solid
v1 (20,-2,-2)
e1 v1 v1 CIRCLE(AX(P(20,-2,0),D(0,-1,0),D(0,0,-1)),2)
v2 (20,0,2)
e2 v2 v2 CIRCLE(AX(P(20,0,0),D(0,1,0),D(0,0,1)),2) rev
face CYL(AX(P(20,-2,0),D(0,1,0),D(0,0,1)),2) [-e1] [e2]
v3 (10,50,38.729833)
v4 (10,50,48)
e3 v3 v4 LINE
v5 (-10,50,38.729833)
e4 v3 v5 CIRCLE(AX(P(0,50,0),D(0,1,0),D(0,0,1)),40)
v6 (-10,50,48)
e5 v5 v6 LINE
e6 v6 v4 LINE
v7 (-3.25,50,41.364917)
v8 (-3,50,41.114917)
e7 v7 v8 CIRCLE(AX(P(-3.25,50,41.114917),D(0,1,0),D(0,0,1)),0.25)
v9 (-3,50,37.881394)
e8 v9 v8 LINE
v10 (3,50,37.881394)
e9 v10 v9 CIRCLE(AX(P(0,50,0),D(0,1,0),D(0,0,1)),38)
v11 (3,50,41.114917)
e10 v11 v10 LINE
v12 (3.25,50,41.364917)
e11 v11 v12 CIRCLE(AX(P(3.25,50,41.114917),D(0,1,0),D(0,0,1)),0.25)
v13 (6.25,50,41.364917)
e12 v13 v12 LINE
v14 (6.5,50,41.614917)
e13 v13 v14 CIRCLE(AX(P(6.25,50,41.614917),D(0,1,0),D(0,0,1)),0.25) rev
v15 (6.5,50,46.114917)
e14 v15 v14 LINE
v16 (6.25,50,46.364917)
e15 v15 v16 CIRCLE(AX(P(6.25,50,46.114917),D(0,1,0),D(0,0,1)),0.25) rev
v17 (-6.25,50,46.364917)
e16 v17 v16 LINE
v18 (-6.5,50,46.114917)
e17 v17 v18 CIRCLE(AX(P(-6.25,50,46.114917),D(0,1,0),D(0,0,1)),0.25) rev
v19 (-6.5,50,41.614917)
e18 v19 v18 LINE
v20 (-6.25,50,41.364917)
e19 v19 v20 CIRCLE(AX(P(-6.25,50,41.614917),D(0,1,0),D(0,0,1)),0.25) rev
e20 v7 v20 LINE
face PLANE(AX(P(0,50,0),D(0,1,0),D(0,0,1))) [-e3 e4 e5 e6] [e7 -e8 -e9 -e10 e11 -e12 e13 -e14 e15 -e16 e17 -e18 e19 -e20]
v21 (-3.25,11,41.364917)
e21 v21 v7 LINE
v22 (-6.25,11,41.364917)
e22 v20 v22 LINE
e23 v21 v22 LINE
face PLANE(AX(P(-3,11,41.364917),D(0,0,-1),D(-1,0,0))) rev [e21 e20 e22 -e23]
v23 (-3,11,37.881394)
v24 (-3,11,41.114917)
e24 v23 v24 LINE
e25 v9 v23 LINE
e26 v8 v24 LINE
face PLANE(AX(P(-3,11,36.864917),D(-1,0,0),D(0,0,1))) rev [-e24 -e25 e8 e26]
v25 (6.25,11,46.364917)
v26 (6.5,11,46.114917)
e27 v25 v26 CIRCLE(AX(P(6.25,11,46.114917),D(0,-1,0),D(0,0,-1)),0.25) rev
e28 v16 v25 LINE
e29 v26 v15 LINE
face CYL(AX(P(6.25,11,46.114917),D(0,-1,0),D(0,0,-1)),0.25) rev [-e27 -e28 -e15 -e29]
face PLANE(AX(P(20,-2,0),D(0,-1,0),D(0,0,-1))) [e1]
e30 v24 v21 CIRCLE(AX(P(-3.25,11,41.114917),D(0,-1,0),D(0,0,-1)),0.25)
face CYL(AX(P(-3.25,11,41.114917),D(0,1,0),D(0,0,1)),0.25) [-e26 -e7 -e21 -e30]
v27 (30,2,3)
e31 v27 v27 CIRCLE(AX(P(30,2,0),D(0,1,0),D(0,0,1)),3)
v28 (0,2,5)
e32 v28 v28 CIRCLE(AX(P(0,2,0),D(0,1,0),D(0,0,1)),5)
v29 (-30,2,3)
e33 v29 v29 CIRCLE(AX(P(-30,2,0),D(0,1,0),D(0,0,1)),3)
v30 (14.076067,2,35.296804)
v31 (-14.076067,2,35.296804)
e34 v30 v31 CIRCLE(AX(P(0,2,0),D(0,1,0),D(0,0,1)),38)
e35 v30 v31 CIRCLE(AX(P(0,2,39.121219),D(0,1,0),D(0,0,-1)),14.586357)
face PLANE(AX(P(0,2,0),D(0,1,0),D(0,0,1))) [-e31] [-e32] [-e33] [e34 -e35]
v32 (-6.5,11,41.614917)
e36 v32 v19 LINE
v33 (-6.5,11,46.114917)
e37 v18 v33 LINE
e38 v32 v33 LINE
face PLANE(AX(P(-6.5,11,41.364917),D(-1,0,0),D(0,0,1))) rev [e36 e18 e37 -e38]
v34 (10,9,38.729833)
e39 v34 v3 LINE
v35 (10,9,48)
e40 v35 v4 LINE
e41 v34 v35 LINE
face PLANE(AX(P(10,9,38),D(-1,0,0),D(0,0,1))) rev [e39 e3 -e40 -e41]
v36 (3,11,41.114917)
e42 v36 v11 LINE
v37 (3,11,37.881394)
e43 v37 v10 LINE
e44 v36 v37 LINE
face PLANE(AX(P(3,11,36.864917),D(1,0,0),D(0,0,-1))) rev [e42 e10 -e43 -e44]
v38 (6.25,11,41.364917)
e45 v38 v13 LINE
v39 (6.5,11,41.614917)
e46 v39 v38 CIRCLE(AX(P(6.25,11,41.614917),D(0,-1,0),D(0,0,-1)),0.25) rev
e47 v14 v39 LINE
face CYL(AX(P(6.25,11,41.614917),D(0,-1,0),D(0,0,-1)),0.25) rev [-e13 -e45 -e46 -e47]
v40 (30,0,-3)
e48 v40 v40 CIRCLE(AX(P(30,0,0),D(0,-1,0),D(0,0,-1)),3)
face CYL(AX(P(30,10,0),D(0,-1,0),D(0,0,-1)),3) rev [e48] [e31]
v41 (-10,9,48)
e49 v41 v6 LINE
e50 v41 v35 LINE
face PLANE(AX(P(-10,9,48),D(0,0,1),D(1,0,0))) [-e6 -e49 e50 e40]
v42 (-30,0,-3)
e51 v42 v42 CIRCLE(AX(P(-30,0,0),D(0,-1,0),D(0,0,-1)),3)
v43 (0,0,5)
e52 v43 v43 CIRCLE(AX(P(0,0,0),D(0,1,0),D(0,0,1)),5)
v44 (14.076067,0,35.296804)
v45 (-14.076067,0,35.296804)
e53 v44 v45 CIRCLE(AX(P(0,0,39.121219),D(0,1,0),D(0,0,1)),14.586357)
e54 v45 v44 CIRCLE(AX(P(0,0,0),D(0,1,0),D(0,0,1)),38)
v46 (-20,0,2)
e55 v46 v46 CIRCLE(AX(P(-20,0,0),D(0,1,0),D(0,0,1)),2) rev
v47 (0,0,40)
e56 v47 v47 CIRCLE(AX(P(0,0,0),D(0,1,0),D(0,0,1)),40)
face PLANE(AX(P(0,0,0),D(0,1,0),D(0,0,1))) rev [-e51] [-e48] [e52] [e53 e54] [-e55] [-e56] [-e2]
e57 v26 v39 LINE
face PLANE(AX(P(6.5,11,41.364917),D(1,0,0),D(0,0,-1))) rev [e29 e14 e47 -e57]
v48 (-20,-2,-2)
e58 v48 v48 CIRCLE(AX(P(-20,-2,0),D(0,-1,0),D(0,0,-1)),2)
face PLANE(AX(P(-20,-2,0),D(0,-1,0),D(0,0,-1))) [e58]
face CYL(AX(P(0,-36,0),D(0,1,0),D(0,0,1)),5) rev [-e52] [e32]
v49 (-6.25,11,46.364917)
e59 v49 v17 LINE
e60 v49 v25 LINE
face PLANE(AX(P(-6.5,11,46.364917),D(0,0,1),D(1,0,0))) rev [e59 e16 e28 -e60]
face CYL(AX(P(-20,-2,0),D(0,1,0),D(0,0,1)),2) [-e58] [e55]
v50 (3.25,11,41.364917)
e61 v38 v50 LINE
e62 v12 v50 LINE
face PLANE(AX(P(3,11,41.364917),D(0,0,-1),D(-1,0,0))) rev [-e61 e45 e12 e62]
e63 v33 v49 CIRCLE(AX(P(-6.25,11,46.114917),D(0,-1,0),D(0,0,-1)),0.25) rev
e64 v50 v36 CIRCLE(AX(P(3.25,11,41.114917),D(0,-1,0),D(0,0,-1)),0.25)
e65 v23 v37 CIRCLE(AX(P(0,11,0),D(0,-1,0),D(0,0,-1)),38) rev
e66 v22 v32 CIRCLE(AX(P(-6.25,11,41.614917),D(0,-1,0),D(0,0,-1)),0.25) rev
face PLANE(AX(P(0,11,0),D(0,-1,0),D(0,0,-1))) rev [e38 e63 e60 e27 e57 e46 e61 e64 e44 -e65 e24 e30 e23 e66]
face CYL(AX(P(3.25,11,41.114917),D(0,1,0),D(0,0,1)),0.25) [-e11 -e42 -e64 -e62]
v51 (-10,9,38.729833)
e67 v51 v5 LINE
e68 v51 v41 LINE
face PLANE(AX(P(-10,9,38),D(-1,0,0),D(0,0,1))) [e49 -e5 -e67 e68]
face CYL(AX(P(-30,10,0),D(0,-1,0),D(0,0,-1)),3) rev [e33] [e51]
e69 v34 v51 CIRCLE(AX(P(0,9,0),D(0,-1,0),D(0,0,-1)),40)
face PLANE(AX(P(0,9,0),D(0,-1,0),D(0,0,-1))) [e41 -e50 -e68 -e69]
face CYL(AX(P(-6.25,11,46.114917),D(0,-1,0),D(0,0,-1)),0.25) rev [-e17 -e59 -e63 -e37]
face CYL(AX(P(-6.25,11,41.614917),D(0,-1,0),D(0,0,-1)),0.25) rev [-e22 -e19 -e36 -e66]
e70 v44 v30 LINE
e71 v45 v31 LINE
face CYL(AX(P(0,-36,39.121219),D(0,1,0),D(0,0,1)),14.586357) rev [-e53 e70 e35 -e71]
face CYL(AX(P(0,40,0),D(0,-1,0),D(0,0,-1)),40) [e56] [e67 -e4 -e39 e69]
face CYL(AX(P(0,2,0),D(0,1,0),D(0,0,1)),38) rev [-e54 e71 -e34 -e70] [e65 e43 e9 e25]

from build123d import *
from build123d.topology import SkipClean

# Parameters (mm, degrees)
SKETCH1_R           = 40
BOSS_EXTRUDE1_DEPTH = 40
SKETCH2_R           = 38
CUT_EXTRUDE1_DEPTH  = 38
CUT_EXTRUDE2_DEPTH  = 38
SKETCH4_R           = 5
CUT_EXTRUDE3_DEPTH  = 38
SKETCH6_R           = 2
BOSS_EXTRUDE2_DEPTH = 2
BOSS_EXTRUDE3_START = 10
SKETCH9_R           = 40
SKETCH9_R_2         = 38
BOSS_EXTRUDE3_DEPTH = 10
BOSS_EXTRUDE4_DEPTH = 41
CUT_EXTRUDE4_DEPTH  = 39
FILLET1_R           = 0.25
SKETCH13_R          = 3
CUT_EXTRUDE5_DEPTH  = 10


with BuildPart() as part:
    # Sketch1 → Boss-Extrude1 (new body)
    with BuildSketch(Plane(origin=(0, 0, 0), x_dir=(1, 0, 0), z_dir=(0, 1, 0))):
        with Locations(Location((0, 0, 0), (0, 0, 270))):
            Circle(SKETCH1_R)
    extrude(amount=BOSS_EXTRUDE1_DEPTH)

    # Sketch2 → Cut-Extrude1 (cut)
    with BuildSketch(Plane(origin=(0, 40, 0), x_dir=(1, 0, 0), z_dir=(0, 1, 0))):
        with Locations(Location((0, 0, 0), (0, 0, 270))):
            Circle(SKETCH2_R)
    extrude(amount=-CUT_EXTRUDE1_DEPTH, mode=Mode.SUBTRACT)

    # Sketch3 → Cut-Extrude2 (cut)
    with SkipClean():  # the faces are left unmerged after this step: merging them gives an invalid solid
        with BuildSketch(Plane(origin=(0, 2, 0), x_dir=(1, 0, 0), z_dir=(0, 1, 0))):
            with BuildLine():
                ThreePointArc((-14.076066703, -35.296803626), (0, -24.534862453), (14.076066703, -35.296803626))
                ThreePointArc((14.076066703, -35.296803626), (0, -38), (-14.076066703, -35.296803626))
            make_face()
        extrude(amount=-CUT_EXTRUDE2_DEPTH, mode=Mode.SUBTRACT)

    # Sketch4 → Cut-Extrude3 (cut)
    with SkipClean():  # the faces are left unmerged after this step: merging them gives an invalid solid
        with BuildSketch(Plane(origin=(0, 2, 0), x_dir=(1, 0, 0), z_dir=(0, 1, 0))):
            with Locations(Location((0, 0, 0), (0, 0, 270))):
                Circle(SKETCH4_R)
        extrude(amount=-CUT_EXTRUDE3_DEPTH, mode=Mode.SUBTRACT)

    # Sketch6 → Boss-Extrude2 (add)
    with SkipClean():  # the faces are left unmerged after this step: merging them gives an invalid solid
        with BuildSketch(Plane.XZ):
            with Locations(Location((-20, 0, 0), (0, 0, 90))):
                Circle(SKETCH6_R)
            with Locations(Location((20, 0, 0), (0, 0, 90))):
                Circle(SKETCH6_R)
        extrude(amount=BOSS_EXTRUDE2_DEPTH)

    # Sketch9 → Boss-Extrude3 (add)
    with SkipClean():  # the faces are left unmerged after this step: merging them gives an invalid solid
        with BuildSketch(Plane(origin=(0, 40, 0), x_dir=(1, 0, 0), z_dir=(0, 1, 0)).offset(BOSS_EXTRUDE3_START)):
            with Locations(Location((0, 0, 0), (0, 0, 270))):
                Circle(SKETCH9_R)
            with Locations(Location((0, 0, 0), (0, 0, 270))):
                Circle(SKETCH9_R_2, mode=Mode.SUBTRACT)
        extrude(amount=-BOSS_EXTRUDE3_DEPTH)

    # Sketch10 → Boss-Extrude4 (add)
    with SkipClean():  # the faces are left unmerged after this step: merging them gives an invalid solid
        with BuildSketch(Plane(origin=(0, 50, 0), x_dir=(1, 0, 0), z_dir=(0, 1, 0))):
            Polygon((0, -38), (10, -38), (10, -48), (-10, -48), (-10, -38), align=None)
        extrude(amount=-BOSS_EXTRUDE4_DEPTH)

    # Sketch11 → Cut-Extrude4 (cut)
    with SkipClean():  # the faces are left unmerged after this step: merging them gives an invalid solid
        with BuildSketch(Plane(origin=(0, 50, 0), x_dir=(1, 0, 0), z_dir=(0, 1, 0))):
            Polygon((-3, -36.864916731), (3, -36.864916731), (3, -41.364916731), (6.5, -41.364916731), (6.5, -46.364916731), (-6.5, -46.364916731), (-6.5, -41.364916731), (-3, -41.364916731), align=None)
        extrude(amount=-CUT_EXTRUDE4_DEPTH, mode=Mode.SUBTRACT)

    # Fillet1
    fillet1_edges = [part.edges().sort_by_distance(p)[0] for p in [
        (-3, 30.5, 41.364916731),
        (6.5, 30.5, 46.364916731),
        (-6.5, 30.5, 46.364916731),
        (-6.5, 30.5, 41.364916731),
        (3, 30.5, 41.364916731),
        (6.5, 30.5, 41.364916731),
    ]]
    fillet(fillet1_edges, radius=FILLET1_R)

    # Sketch13 → Cut-Extrude5 (cut)
    with BuildSketch(Plane.XZ):
        with Locations(Location((-30, 0, 0), (0, 0, 270))):
            Circle(SKETCH13_R)
        with Locations(Location((30, 0, 0), (0, 0, 270))):
            Circle(SKETCH13_R)
    extrude(amount=-CUT_EXTRUDE5_DEPTH, mode=Mode.SUBTRACT)


solid = part.part
